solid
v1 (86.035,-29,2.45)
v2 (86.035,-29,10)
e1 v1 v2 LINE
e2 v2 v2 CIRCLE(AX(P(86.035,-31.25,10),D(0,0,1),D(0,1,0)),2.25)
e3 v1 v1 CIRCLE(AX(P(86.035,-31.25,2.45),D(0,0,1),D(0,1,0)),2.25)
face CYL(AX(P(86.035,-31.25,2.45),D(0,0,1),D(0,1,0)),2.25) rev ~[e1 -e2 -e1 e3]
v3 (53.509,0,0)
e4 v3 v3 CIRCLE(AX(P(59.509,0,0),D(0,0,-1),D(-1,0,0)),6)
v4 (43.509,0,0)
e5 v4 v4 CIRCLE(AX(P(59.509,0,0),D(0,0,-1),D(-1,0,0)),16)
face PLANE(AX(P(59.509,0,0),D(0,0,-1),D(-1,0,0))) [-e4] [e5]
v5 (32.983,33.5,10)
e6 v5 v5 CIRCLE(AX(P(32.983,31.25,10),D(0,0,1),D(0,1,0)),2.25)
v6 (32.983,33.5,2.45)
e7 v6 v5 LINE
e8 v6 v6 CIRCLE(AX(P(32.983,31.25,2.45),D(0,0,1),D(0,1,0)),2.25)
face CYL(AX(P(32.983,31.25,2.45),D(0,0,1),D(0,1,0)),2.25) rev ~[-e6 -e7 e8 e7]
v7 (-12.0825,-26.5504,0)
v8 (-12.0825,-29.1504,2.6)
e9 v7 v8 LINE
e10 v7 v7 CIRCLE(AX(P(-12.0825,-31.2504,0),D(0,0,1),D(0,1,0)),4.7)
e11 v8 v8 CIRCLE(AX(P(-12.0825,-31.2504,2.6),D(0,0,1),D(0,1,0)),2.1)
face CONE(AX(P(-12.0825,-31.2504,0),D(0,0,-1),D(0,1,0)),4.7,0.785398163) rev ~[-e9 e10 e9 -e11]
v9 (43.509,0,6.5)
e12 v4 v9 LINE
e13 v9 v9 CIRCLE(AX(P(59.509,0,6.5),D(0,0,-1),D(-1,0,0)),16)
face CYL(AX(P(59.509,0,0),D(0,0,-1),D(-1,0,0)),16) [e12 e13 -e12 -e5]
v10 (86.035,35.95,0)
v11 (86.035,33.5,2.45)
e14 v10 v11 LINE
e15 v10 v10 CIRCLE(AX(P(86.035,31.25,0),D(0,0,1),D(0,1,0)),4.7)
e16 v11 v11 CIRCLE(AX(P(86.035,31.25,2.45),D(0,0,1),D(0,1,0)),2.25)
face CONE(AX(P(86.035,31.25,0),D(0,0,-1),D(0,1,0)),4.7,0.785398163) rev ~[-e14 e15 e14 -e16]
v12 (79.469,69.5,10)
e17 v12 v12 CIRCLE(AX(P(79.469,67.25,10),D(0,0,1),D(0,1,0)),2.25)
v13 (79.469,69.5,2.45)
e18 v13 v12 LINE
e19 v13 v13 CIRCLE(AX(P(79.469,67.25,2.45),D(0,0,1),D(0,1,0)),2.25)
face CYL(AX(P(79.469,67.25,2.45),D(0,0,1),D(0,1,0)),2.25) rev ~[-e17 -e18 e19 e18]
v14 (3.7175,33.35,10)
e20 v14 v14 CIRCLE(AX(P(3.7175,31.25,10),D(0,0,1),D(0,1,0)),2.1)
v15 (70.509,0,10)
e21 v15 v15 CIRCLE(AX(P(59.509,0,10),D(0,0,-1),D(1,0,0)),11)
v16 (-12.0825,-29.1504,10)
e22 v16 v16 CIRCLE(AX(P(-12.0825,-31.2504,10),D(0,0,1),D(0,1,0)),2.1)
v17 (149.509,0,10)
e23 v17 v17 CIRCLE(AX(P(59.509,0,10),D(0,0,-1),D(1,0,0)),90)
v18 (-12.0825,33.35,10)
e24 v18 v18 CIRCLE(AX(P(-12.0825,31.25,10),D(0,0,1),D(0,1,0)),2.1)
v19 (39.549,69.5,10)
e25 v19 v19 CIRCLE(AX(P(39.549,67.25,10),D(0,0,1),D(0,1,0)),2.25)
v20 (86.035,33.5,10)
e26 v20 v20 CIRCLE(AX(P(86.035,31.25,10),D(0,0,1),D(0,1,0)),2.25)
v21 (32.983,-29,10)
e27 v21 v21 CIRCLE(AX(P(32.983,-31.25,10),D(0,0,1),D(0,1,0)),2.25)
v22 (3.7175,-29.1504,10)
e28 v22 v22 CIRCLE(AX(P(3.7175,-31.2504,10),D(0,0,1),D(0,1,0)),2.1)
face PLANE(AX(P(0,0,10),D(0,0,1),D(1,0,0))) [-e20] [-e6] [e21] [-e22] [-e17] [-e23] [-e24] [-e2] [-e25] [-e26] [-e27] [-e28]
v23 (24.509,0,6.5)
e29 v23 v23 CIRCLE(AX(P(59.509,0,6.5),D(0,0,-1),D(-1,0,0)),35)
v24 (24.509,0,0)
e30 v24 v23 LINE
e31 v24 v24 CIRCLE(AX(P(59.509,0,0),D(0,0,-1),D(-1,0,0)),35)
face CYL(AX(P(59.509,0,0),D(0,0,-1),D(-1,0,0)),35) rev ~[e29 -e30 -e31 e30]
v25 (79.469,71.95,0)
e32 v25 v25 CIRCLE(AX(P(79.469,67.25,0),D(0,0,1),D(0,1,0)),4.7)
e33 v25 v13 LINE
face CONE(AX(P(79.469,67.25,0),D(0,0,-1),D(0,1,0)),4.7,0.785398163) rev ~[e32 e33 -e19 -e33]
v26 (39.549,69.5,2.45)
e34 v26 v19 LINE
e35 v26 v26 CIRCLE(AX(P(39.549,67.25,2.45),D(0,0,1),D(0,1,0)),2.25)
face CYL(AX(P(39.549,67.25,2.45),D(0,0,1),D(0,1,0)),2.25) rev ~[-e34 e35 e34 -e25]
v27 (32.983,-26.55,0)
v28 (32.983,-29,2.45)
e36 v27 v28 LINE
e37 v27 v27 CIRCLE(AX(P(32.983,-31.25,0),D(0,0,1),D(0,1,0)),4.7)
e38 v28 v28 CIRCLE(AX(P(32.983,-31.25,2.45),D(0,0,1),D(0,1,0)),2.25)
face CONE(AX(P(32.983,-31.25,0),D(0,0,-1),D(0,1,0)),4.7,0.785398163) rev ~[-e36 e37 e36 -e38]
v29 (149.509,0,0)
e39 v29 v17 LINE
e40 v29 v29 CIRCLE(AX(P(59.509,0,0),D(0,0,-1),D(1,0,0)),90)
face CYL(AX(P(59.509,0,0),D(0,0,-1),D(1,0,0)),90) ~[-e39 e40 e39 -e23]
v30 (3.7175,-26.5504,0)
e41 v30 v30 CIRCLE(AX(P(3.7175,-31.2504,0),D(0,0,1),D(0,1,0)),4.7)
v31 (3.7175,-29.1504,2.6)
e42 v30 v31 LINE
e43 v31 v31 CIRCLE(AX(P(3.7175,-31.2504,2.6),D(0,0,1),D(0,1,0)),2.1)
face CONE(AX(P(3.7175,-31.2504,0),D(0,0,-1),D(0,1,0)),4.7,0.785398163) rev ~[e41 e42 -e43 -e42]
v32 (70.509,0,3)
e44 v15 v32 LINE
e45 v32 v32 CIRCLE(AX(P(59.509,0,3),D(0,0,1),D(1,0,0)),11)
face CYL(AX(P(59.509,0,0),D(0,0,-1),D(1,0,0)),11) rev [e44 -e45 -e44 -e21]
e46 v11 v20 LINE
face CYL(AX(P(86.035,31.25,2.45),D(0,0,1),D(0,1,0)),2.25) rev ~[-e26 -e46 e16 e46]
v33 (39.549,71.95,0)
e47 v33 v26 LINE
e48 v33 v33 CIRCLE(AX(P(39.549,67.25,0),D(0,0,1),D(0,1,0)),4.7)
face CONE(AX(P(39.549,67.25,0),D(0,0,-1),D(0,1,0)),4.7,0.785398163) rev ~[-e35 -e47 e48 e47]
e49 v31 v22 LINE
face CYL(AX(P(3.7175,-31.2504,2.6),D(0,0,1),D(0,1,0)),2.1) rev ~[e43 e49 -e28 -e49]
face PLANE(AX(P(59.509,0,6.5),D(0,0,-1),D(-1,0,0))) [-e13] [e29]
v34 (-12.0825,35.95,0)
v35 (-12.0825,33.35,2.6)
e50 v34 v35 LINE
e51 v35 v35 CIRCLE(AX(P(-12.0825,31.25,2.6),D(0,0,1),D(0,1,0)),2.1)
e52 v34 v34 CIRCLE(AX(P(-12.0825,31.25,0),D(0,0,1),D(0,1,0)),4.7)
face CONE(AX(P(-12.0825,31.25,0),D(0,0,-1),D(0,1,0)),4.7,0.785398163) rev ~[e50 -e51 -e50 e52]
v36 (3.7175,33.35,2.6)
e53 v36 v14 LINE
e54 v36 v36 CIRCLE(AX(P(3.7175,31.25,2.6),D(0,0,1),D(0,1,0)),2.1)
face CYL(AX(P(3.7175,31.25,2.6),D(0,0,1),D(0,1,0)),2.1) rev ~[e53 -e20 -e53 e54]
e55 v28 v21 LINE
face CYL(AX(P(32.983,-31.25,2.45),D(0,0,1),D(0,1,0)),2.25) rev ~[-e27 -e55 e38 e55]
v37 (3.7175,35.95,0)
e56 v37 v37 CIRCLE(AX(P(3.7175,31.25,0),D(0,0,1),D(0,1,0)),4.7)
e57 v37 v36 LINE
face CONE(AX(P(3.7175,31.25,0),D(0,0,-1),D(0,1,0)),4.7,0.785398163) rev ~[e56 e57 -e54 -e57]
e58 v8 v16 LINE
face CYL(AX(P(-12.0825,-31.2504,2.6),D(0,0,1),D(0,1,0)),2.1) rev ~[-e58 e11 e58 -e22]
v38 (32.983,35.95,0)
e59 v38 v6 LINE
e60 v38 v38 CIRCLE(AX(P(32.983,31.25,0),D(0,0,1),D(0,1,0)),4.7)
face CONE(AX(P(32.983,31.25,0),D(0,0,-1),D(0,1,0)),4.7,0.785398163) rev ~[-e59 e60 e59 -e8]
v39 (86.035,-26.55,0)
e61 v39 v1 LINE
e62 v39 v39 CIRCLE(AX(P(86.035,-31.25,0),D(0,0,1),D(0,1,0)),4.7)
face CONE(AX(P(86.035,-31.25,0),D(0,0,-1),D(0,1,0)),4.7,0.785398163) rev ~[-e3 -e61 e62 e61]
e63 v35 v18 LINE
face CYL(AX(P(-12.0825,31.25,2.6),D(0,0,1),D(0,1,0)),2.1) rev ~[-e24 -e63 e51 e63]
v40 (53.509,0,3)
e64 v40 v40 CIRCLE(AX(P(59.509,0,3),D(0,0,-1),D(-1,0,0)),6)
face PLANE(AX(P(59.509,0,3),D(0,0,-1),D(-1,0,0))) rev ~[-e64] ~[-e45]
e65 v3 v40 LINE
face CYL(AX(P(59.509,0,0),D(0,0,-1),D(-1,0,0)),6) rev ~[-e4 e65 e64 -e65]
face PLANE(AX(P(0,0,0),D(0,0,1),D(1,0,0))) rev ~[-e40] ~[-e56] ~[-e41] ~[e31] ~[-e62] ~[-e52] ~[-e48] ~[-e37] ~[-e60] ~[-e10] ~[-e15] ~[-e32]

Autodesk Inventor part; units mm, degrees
ref_plane "YZ Plane" through (0, 0, 0) normal (1, 0, 0) x (0, 1, 0)
ref_plane "XZ Plane" through (0, 0, 0) normal (0, 1, 0) x (-1, 0, 0)
ref_plane "XY Plane" through (0, 0, 0) normal (0, 0, 1) x (1, 0, 0)
sketch "Sketch1" plane through (0, 0, 0) normal (0, 0, 1) x (1, 0, 0)
  circle A0 centre (-11.3135, -11.3135) radius 2
  circle A1 centre (-11.3135, 11.3135) radius 2
  circle A2 centre (11.3135, 11.3135) radius 2
  circle A3 centre (11.3135, -11.3135) radius 2
  circle A4 centre (-15.3135, 11.3135) radius 2
  circle A5 centre (-7.3135, 11.3135) radius 2
  circle A6 centre (7.3135, 11.3135) radius 2
  circle A7 centre (15.3135, 11.3135) radius 2
  circle A8 centre (15.3135, -11.3135) radius 2
  circle A9 centre (7.3135, -11.3135) radius 2
  circle A10 centre (-7.3135, -11.3135) radius 2
  circle A11 centre (-15.3135, -11.3135) radius 2
  line L0 (-15.3135, 13.3135) -> (-7.3135, 13.3135)
  line L1 (-7.3135, 9.3135) -> (-15.3135, 9.3135)
  line L2 (-15.3135, -9.3135) -> (-7.3135, -9.3135)
  line L3 (-7.3135, -13.3135) -> (-15.3135, -13.3135)
  line L4 (7.3135, -9.3135) -> (15.3135, -9.3135)
  line L5 (15.3135, -13.3135) -> (7.3135, -13.3135)
  line L6 (15.3135, 9.3135) -> (7.3135, 9.3135)
  line L7 (15.3135, 13.3135) -> (7.3135, 13.3135)
  circle A12 centre (0, 0) radius 8.25
  circle A13 centre (5, 0) radius 8.25
  circle A14 centre (-5, 0) radius 8.25
  line L8 (-5, 8.25) -> (5, 8.25)
  line L9 (5, -8.25) -> (-5, -8.25)
  circle A15 centre (0, 0) radius 42.5
  circle A16 centre (59.509, 0) radius 50.7821
  line L10 (-5.9149, 42.0864) -> (52.4415, 50.2878)
  line L11 (-5.9149, -42.0864) -> (52.4415, -50.2878)
  line L12 (-13.25, 0) -> (13.25, 0)
  circle A17 centre (59.509, 0) radius 11
  arc A18 (-5.9149, 42.0864) -> (-5.9149, -42.0864) centre (0, 0) ccw
  line L13 (-42.5, 0) -> (156.5802, 0)
  circle A19 centre (59.509, 0) radius 90
  point P0 (-3.1314, -32.3793)
  point P1 (23.2633, -35.5678)
  point P2 (23.2633, 35.5678)
  point P3 (-2.5, -7.8621)
  point P4 (0, -8.25)
  dimension "d0" = 4
  dimension "d1" = 22.627
  dimension "d2" = 22.627
  dimension "d3" = 11.3135
  dimension "d4" = 11.3135
  dimension "d5" = 4
  dimension "d6" = 4
  dimension "d7" = 4
  dimension "d8" = 4
  dimension "d9" = 4
  dimension "d10" = 4
  dimension "d11" = 4
  dimension "d12" = 4
  dimension "d15" = 16.5
  dimension "d16" = 5
  dimension "d17" = 5
  dimension "d18" = 85
  dimension "d19" = 8
  dimension "d20" = 59.509
  dimension "d21" = 22
  dimension "d24" = 85
  dimension "d116" = 180
extrude "Extrusion1" add sketch "Sketch1" along normal blind 10 contours A0 | A10 L3 A0 | A0 L2 A10 | A10 | A0 A11 L2 | L3 A11 A0 | A11 | A1 | A5 L1 A1 | A1 L0 A5 | A5 | A1 A4 L0 | L1 A4 A1 | A4 | A2 A16 | A7 L6 A2 | A2 L7 A7 | A7 | L7 A16 A15 L13 A13 L6 A7 | A2 A16 L7 | L6 A16 A2 | A16 A2 | A2 A6 L7 A16 | L7 A6 L6 A16 A13 L8 A14 L13 A19 A15 | A16 L6 A6 A2 | A6 | A16 L13 A17 A15 | A15 L10 A16 | A16 L12 A12 A13 | A13 L12 A16 | L13 A17 A16 A15 | A15 A16 L5 A8 L4 A13 L13 | A15 A19 L13 A16 L10 | A13 A16 L12 | A13 A12 L8 | A16 A13 A12 L12 | A16 L11 A15 | A15 A19 L13 A14 L9 A13 A16 L4 A9 L5 | L13 A19 A15 L11 A16 | A13 A14 A12 | A12 L12 A14 A13 | A12 A14 L8 | A12 A13 A14 L12 | A16 A3 L5 | L5 A9 A3 A16 | L9 A12 A13 | A16 A3 A9 L4 | L4 A3 A16 | A14 L12 A13 | A13 L12 A12 A14 | A12 L12 A14 | A12 A14 A13 | A14 A13 L12 | A3 A16 | A3 A8 L5 | A9 | A3 A16 | L12 A12 A14 | L9 A14 A12 | L4 A8 A3 | A13 A14 A12 L12 | A8
sketch "Sketch18" plane through (59.509, 0, 0) normal (0, 0, -1) x (-1, 0, 0)
  circle A0 centre (0, 0) radius 35
  circle A1 centre (0, 0) radius 90 projected
  circle A2 centre (0, 0) radius 11 projected
  circle A3 centre (0, 0) radius 16
  point P0 (59.509, 0)
  dimension "d127" = 70
  dimension "d130" = 5
extrude "Extrusion9" cut sketch "Sketch18" against normal blind 6.5 contours A0 | A2
sketch "Sketch20" plane through (59.509, 0, 0) normal (0, 0, -1) x (-1, 0, 0)
  circle A0 centre (0, 0) radius 11 projected
  circle A1 centre (0, 0) radius 11 projected
  circle A2 centre (0, 0) radius 6
  point P0 (59.509, 0)
  dimension "d136" = 12
extrude "Extrusion11" add sketch "Sketch20" against normal blind 3
sketch "Sketch22" plane through (59.509, 0, 0) normal (0, 0, -1) x (-1, 0, 0)
  circle A0 centre (55.7915, 31.25) radius 1.621 projected
  circle A1 centre (71.5915, 31.25) radius 1.621 projected
  circle A2 centre (71.5915, -31.2504) radius 1.621 projected
  circle A3 centre (55.7915, -31.2504) radius 1.621 projected
  circle A4 centre (71.5915, -31.2504) radius 1.621 projected
  circle A5 centre (55.7915, -31.2504) radius 1.621 projected
  circle A6 centre (71.5915, 31.25) radius 1.621 projected
  circle A7 centre (55.7915, 31.25) radius 1.621 projected
  point P0 (59.509, 0)
hole "Hole4" at (-12.0825, 31.25, 0) at (3.7175, 31.25, 0) at (-12.0825, -31.2504, 0) at (3.7175, -31.2504, 0) direction (0, 0, 1) diameter 4.2 end through all countersink diameter 9.4 countersink angle 90 clearance for "Countersunk Flat Head Screw ISO 2009/7046" size "M4" standard "ISO"
sketch "Sketch23" plane through (59.509, 0, 0) normal (0, 0, -1) x (-1, 0, 0)
  circle A0 centre (-26.526, -31.25) radius 2.4585 projected
  circle A1 centre (26.526, -31.25) radius 2.4585 projected
  circle A2 centre (-26.526, 31.25) radius 1.621 projected
  circle A3 centre (26.526, 31.25) radius 1.621 projected
  circle A4 centre (26.526, -31.25) radius 2.4585 projected
  circle A5 centre (26.526, 31.25) radius 1.621 projected
  circle A6 centre (-26.526, -31.25) radius 2.4585 projected
  circle A7 centre (0, 0) radius 90 projected
  circle A8 centre (0, 0) radius 11 projected
  circle A9 centre (-26.526, 31.25) radius 1.621 projected
  point P0 (59.509, 0)
hole "Hole5" at (86.035, 31.25, 0) at (86.035, -31.25, 0) at (32.983, -31.25, 0) at (32.983, 31.25, 0) direction (0, 0, 1) diameter 4.5 depth 14.2 tip angle 118 countersink diameter 9.4 countersink angle 90 clearance for "Countersunk Flat Head Screw ISO 2009/7046" size "M4" standard "ISO"
sketch "Sketch24" plane through (59.509, 0, 0) normal (0, 0, -1) x (-1, 0, 0)
  circle A0 centre (-19.96, 67.25) radius 1.621 projected
  circle A1 centre (19.96, 67.25) radius 1.621 projected
  circle A2 centre (-19.96, 67.25) radius 2.1
  circle A3 centre (19.96, 67.25) radius 2.1
  point P0 (59.509, 0)
  dimension "d152" = 4.2
  dimension "d153" = 4.2
hole "Hole6" at (79.469, 67.25, 0) at (39.549, 67.25, 0) direction (0, 0, 1) diameter 4.5 depth 15 tip angle 118 countersink diameter 9.4 countersink angle 90 clearance for "Countersunk Flat Head Screw ISO 2009/7046" size "M4" standard "ISO"
equation "\"d2\" = d1"
equation "\"d3\" = 0.5 * d2"
equation "\"d4\" = 0.5 * d1"
equation "\"d5\" = d0"
equation "\"d6\" = d5"
equation "\"d7\" = d6"
equation "\"d8\" = d7"
equation "\"d9\" = d5"
equation "\"d10\" = d9"
equation "\"d11\" = d10"
equation "\"d12\" = d11"
equation "\"d17\" = d16"
properties part number "base bovenkant v2" material "Aluminum 6061"
